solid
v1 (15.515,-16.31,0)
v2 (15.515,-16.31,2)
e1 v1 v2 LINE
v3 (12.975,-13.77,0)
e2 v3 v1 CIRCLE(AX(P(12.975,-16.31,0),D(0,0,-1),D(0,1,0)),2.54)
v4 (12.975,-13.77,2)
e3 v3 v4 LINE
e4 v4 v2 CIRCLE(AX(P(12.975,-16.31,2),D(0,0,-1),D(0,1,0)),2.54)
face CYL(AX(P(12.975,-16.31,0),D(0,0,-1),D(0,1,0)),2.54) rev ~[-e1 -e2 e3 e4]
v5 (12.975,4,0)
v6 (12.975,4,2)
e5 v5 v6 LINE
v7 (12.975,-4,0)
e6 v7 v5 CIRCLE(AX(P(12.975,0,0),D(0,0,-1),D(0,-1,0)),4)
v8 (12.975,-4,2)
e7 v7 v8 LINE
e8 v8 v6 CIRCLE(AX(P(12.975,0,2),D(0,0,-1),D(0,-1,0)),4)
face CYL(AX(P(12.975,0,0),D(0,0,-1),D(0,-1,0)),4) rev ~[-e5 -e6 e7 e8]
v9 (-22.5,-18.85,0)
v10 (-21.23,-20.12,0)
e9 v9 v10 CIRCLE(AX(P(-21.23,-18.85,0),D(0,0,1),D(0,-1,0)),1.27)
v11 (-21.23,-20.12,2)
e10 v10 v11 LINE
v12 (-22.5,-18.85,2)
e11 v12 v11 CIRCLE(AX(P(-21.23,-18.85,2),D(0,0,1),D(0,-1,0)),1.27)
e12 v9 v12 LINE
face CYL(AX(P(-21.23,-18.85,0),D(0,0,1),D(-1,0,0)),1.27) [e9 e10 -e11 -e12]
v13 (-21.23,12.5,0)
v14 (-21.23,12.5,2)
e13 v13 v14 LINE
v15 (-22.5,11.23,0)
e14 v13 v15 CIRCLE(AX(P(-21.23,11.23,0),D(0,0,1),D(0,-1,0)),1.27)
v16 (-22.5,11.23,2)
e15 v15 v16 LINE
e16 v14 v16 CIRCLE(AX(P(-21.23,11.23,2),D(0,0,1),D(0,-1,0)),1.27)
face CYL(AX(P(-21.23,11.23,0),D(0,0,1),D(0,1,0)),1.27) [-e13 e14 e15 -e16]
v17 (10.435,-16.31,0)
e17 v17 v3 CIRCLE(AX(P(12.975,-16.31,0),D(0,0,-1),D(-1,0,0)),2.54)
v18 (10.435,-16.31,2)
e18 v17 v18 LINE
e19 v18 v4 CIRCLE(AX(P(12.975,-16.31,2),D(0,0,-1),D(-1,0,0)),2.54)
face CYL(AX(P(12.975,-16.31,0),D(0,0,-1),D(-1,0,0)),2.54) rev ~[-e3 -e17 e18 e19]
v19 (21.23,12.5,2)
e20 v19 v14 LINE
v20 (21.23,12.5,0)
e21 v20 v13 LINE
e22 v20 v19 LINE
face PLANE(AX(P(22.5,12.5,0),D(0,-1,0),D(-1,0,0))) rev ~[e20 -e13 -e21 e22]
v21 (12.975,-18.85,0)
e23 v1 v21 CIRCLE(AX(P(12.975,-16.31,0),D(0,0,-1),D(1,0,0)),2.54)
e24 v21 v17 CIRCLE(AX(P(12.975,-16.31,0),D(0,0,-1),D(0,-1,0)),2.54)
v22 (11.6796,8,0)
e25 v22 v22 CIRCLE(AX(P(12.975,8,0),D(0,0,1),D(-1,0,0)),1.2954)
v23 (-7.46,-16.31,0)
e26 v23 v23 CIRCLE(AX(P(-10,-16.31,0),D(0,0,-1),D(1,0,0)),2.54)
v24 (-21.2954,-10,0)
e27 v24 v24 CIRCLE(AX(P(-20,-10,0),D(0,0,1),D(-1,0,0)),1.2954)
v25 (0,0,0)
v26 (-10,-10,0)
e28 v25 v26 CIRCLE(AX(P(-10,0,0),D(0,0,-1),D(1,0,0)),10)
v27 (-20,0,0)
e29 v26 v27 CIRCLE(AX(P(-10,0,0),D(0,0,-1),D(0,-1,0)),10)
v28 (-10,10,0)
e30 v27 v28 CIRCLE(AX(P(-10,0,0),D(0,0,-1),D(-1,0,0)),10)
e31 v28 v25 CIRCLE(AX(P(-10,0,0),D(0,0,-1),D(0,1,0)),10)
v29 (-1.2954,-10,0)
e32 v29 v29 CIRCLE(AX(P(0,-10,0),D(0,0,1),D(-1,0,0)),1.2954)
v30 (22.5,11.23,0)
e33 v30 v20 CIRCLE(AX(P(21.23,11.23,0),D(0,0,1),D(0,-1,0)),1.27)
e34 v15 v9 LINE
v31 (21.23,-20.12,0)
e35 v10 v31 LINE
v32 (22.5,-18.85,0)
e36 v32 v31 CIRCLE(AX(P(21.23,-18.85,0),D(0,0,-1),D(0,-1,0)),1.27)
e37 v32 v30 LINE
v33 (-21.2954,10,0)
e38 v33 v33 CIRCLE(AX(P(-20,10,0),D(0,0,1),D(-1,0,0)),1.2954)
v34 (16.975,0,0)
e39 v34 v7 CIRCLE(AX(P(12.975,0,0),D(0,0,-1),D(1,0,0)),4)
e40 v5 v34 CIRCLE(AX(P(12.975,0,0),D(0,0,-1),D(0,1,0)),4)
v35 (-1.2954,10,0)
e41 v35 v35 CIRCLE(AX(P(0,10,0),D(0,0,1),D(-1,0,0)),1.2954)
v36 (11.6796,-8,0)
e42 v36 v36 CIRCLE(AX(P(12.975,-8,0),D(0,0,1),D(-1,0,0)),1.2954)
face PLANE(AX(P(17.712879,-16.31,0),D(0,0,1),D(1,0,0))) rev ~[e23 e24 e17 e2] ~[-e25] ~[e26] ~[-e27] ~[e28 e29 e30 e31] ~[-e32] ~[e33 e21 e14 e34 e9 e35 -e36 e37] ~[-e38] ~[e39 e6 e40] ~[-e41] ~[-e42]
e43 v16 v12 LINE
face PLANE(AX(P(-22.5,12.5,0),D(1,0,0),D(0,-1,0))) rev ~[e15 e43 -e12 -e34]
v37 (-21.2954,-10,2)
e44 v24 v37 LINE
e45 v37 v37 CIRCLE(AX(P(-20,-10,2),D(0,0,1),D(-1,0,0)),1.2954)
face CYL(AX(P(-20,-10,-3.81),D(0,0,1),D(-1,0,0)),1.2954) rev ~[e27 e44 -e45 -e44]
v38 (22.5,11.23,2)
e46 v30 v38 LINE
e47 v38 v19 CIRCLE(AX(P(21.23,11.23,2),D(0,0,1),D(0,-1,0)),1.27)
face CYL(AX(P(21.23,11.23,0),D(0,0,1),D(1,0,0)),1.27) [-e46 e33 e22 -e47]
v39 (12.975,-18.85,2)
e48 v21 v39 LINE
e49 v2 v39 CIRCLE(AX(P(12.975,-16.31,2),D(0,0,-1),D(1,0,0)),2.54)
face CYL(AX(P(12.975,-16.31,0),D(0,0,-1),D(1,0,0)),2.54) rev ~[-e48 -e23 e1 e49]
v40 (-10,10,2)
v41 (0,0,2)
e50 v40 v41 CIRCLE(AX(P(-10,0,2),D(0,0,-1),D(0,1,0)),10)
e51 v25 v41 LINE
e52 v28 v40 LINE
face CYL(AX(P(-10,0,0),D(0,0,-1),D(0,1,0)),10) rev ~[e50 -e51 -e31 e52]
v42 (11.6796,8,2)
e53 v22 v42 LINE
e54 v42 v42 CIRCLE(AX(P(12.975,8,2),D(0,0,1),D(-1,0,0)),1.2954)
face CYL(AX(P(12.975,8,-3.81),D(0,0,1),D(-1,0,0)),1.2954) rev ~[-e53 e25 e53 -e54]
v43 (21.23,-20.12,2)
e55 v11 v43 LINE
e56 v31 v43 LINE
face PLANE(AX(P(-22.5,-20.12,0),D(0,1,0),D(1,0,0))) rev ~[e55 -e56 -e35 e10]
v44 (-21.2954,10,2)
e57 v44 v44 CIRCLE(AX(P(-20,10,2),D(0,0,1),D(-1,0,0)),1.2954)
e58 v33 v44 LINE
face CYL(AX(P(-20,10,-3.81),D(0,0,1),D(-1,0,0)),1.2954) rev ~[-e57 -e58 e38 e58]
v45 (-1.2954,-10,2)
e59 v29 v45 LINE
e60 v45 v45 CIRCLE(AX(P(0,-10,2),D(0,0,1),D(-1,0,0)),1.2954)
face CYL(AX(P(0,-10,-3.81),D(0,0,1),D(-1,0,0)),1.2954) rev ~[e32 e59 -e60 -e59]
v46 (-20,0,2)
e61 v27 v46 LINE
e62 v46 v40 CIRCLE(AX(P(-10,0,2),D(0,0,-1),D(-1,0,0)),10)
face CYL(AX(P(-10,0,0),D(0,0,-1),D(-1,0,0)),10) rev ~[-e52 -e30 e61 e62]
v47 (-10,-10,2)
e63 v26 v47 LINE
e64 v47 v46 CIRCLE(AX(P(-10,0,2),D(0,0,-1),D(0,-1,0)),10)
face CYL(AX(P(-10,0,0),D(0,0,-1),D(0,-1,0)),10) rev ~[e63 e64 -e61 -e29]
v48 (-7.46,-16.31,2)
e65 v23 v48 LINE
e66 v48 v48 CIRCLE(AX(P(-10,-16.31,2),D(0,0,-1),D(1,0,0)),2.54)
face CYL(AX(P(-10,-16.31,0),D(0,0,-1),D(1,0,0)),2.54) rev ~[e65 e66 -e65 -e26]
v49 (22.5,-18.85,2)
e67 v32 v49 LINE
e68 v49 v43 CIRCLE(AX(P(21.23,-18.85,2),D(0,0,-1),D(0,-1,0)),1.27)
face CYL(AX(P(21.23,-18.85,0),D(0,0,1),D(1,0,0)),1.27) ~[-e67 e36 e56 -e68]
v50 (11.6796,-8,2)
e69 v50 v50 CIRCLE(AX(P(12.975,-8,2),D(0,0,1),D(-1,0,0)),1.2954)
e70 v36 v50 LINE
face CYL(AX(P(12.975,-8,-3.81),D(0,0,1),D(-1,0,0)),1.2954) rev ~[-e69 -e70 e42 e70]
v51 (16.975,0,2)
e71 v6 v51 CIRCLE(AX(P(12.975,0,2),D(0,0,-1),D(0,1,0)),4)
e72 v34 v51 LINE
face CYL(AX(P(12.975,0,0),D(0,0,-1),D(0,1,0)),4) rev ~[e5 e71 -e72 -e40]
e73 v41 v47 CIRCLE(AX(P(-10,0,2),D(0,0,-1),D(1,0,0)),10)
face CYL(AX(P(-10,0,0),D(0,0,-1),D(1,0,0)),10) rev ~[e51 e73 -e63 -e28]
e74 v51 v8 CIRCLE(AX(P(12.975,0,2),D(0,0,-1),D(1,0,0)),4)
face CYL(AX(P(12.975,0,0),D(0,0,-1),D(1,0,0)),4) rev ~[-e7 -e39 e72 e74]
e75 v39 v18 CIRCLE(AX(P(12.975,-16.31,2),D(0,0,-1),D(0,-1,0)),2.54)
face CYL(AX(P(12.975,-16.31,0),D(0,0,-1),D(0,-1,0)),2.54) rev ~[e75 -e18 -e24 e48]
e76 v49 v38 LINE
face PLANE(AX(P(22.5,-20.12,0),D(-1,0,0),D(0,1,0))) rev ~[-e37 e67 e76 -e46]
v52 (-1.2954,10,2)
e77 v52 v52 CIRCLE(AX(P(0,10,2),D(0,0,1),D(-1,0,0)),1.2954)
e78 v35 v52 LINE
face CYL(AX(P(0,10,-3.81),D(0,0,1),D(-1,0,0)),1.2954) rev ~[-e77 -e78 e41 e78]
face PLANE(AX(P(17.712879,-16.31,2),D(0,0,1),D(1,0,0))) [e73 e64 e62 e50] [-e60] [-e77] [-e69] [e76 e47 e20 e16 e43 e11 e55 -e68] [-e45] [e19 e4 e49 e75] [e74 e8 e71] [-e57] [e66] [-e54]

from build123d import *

# Parameters (mm, degrees)
F1_DEPTH = 2
F2_R     = 1.27
F3_D     = 2.5908
F3_DEPTH = 3.81
F3_TIP   = 0.7783548459


with BuildPart() as f1:
    # F0 (on Top) → F1 (new body)
    with BuildSketch(Plane.XY):
        with BuildLine():
            Line((22.5, -20.12), (22.5, -12.5))
            Line((22.5, -12.5), (12.975, -12.5))
            Line((12.975, -12.5), (12.975, -13.77))
            ThreePointArc((12.975, -13.77), (14.7710512242, -14.5139487758), (15.515, -16.31))
            ThreePointArc((15.515, -16.31), (14.7710512242, -18.1060512242), (12.975, -18.85))
            Line((12.975, -18.85), (12.975, -20.12))
            Line((12.975, -20.12), (22.5, -20.12))
        make_face()
        with BuildLine():
            Line((12.975, -12.5), (22.5, -12.5))
            Line((22.5, -12.5), (22.5, 0))
            Line((22.5, 0), (20.975, 0))
            ThreePointArc((20.975, 0), (18.6318542495, -5.6568542495), (12.975, -8))
            Line((12.975, -8), (12.975, -12.5))
        make_face()
        with BuildLine():
            Line((12.975, -13.77), (12.975, -12.5))
            Line((12.975, -12.5), (-22.5, -12.5))
            Line((-22.5, -12.5), (-22.5, -16.31))
            Line((-22.5, -16.31), (-12.54, -16.31))
            ThreePointArc((-12.54, -16.31), (-10, -13.77), (-7.46, -16.31))
            Line((-7.46, -16.31), (10.435, -16.31))
            ThreePointArc((10.435, -16.31), (11.1789487758, -14.5139487758), (12.975, -13.77))
        make_face()
        with BuildLine():
            Line((-22.5, -12.5), (12.975, -12.5))
            Line((12.975, -12.5), (12.975, -8))
            ThreePointArc((12.975, -8), (4.975, 0), (12.975, 8))
            ThreePointArc((12.975, 8), (18.6318542495, 5.6568542495), (20.975, 0))
            Line((20.975, 0), (22.5, 0))
            Line((22.5, 0), (22.5, 12.5))
            Line((22.5, 12.5), (-22.5, 12.5))
            Line((-22.5, 12.5), (-22.5, 0))
            Line((-22.5, 0), (-22.5, -12.5))
        make_face()
        Polygon((-20, -10), (-20, 0), (-20, 10), (-10, 10), (0, 10), (0, 0), (0, -10), (-10, -10), align=None, mode=Mode.SUBTRACT)
        with BuildLine():
            Line((-22.5, -20.12), (12.975, -20.12))
            Line((12.975, -20.12), (12.975, -18.85))
            ThreePointArc((12.975, -18.85), (11.1789487758, -18.1060512242), (10.435, -16.31))
            Line((10.435, -16.31), (-7.46, -16.31))
            ThreePointArc((-7.46, -16.31), (-10, -18.85), (-12.54, -16.31))
            Line((-12.54, -16.31), (-22.5, -16.31))
            Line((-22.5, -16.31), (-22.5, -20.12))
        make_face()
        with BuildLine():
            ThreePointArc((12.975, 8), (4.975, 0), (12.975, -8))
            Line((12.975, -8), (12.975, -4))
            ThreePointArc((12.975, -4), (8.975, 0), (12.975, 4))
            Line((12.975, 4), (12.975, 8))
        make_face()
        with BuildLine():
            Line((16.975, 0), (20.975, 0))
            ThreePointArc((20.975, 0), (18.6318542495, 5.6568542495), (12.975, 8))
            Line((12.975, 8), (12.975, 4))
            ThreePointArc((12.975, 4), (15.8034271247, 2.8284271247), (16.975, 0))
        make_face()
        with BuildLine():
            Line((12.975, -4), (12.975, -8))
            ThreePointArc((12.975, -8), (18.6318542495, -5.6568542495), (20.975, 0))
            Line((20.975, 0), (16.975, 0))
            ThreePointArc((16.975, 0), (15.8034271247, -2.8284271247), (12.975, -4))
        make_face()
        with BuildLine():
            ThreePointArc((0, 0), (-2.9289321881, -7.0710678119), (-10, -10))
            Line((-10, -10), (0, -10))
            Line((0, -10), (0, 0))
        make_face()
        with BuildLine():
            ThreePointArc((-10, -10), (-17.0710678119, -7.0710678119), (-20, 0))
            Line((-20, 0), (-20, -10))
            Line((-20, -10), (-10, -10))
        make_face()
        with BuildLine():
            Line((-20, 10), (-20, 0))
            ThreePointArc((-20, 0), (-17.0710678119, 7.0710678119), (-10, 10))
            Line((-10, 10), (-20, 10))
        make_face()
        with BuildLine():
            Line((0, 10), (-10, 10))
            ThreePointArc((-10, 10), (-2.9289321881, 7.0710678119), (0, 0))
            Line((0, 0), (0, 10))
        make_face()
    extrude(amount=F1_DEPTH)

    # F2
    f2_edges = [f1.edges().sort_by_distance(p)[0] for p in [
        (-22.5, 12.5, 1),
        (22.5, 12.5, 1),
        (-22.5, -20.12, 1),
        (22.5, -20.12, 1),
    ]]
    fillet(f2_edges, radius=F2_R)

    # F3
    with Locations(Plane(origin=(0, 0, 0), x_dir=(1, 0, 0), z_dir=(0, 0, -1))):
        with Locations((-20, -10), (0, -10), (0, 10), (-20, 10), (12.975, -8), (12.975, 8)):
            Hole(F3_D / 2, depth=F3_DEPTH)
            with Locations((0, 0, -(F3_DEPTH + F3_TIP / 2))):  # 118° drill point
                Cone(0, F3_D / 2, F3_TIP, mode=Mode.SUBTRACT)


solid = f1.part
